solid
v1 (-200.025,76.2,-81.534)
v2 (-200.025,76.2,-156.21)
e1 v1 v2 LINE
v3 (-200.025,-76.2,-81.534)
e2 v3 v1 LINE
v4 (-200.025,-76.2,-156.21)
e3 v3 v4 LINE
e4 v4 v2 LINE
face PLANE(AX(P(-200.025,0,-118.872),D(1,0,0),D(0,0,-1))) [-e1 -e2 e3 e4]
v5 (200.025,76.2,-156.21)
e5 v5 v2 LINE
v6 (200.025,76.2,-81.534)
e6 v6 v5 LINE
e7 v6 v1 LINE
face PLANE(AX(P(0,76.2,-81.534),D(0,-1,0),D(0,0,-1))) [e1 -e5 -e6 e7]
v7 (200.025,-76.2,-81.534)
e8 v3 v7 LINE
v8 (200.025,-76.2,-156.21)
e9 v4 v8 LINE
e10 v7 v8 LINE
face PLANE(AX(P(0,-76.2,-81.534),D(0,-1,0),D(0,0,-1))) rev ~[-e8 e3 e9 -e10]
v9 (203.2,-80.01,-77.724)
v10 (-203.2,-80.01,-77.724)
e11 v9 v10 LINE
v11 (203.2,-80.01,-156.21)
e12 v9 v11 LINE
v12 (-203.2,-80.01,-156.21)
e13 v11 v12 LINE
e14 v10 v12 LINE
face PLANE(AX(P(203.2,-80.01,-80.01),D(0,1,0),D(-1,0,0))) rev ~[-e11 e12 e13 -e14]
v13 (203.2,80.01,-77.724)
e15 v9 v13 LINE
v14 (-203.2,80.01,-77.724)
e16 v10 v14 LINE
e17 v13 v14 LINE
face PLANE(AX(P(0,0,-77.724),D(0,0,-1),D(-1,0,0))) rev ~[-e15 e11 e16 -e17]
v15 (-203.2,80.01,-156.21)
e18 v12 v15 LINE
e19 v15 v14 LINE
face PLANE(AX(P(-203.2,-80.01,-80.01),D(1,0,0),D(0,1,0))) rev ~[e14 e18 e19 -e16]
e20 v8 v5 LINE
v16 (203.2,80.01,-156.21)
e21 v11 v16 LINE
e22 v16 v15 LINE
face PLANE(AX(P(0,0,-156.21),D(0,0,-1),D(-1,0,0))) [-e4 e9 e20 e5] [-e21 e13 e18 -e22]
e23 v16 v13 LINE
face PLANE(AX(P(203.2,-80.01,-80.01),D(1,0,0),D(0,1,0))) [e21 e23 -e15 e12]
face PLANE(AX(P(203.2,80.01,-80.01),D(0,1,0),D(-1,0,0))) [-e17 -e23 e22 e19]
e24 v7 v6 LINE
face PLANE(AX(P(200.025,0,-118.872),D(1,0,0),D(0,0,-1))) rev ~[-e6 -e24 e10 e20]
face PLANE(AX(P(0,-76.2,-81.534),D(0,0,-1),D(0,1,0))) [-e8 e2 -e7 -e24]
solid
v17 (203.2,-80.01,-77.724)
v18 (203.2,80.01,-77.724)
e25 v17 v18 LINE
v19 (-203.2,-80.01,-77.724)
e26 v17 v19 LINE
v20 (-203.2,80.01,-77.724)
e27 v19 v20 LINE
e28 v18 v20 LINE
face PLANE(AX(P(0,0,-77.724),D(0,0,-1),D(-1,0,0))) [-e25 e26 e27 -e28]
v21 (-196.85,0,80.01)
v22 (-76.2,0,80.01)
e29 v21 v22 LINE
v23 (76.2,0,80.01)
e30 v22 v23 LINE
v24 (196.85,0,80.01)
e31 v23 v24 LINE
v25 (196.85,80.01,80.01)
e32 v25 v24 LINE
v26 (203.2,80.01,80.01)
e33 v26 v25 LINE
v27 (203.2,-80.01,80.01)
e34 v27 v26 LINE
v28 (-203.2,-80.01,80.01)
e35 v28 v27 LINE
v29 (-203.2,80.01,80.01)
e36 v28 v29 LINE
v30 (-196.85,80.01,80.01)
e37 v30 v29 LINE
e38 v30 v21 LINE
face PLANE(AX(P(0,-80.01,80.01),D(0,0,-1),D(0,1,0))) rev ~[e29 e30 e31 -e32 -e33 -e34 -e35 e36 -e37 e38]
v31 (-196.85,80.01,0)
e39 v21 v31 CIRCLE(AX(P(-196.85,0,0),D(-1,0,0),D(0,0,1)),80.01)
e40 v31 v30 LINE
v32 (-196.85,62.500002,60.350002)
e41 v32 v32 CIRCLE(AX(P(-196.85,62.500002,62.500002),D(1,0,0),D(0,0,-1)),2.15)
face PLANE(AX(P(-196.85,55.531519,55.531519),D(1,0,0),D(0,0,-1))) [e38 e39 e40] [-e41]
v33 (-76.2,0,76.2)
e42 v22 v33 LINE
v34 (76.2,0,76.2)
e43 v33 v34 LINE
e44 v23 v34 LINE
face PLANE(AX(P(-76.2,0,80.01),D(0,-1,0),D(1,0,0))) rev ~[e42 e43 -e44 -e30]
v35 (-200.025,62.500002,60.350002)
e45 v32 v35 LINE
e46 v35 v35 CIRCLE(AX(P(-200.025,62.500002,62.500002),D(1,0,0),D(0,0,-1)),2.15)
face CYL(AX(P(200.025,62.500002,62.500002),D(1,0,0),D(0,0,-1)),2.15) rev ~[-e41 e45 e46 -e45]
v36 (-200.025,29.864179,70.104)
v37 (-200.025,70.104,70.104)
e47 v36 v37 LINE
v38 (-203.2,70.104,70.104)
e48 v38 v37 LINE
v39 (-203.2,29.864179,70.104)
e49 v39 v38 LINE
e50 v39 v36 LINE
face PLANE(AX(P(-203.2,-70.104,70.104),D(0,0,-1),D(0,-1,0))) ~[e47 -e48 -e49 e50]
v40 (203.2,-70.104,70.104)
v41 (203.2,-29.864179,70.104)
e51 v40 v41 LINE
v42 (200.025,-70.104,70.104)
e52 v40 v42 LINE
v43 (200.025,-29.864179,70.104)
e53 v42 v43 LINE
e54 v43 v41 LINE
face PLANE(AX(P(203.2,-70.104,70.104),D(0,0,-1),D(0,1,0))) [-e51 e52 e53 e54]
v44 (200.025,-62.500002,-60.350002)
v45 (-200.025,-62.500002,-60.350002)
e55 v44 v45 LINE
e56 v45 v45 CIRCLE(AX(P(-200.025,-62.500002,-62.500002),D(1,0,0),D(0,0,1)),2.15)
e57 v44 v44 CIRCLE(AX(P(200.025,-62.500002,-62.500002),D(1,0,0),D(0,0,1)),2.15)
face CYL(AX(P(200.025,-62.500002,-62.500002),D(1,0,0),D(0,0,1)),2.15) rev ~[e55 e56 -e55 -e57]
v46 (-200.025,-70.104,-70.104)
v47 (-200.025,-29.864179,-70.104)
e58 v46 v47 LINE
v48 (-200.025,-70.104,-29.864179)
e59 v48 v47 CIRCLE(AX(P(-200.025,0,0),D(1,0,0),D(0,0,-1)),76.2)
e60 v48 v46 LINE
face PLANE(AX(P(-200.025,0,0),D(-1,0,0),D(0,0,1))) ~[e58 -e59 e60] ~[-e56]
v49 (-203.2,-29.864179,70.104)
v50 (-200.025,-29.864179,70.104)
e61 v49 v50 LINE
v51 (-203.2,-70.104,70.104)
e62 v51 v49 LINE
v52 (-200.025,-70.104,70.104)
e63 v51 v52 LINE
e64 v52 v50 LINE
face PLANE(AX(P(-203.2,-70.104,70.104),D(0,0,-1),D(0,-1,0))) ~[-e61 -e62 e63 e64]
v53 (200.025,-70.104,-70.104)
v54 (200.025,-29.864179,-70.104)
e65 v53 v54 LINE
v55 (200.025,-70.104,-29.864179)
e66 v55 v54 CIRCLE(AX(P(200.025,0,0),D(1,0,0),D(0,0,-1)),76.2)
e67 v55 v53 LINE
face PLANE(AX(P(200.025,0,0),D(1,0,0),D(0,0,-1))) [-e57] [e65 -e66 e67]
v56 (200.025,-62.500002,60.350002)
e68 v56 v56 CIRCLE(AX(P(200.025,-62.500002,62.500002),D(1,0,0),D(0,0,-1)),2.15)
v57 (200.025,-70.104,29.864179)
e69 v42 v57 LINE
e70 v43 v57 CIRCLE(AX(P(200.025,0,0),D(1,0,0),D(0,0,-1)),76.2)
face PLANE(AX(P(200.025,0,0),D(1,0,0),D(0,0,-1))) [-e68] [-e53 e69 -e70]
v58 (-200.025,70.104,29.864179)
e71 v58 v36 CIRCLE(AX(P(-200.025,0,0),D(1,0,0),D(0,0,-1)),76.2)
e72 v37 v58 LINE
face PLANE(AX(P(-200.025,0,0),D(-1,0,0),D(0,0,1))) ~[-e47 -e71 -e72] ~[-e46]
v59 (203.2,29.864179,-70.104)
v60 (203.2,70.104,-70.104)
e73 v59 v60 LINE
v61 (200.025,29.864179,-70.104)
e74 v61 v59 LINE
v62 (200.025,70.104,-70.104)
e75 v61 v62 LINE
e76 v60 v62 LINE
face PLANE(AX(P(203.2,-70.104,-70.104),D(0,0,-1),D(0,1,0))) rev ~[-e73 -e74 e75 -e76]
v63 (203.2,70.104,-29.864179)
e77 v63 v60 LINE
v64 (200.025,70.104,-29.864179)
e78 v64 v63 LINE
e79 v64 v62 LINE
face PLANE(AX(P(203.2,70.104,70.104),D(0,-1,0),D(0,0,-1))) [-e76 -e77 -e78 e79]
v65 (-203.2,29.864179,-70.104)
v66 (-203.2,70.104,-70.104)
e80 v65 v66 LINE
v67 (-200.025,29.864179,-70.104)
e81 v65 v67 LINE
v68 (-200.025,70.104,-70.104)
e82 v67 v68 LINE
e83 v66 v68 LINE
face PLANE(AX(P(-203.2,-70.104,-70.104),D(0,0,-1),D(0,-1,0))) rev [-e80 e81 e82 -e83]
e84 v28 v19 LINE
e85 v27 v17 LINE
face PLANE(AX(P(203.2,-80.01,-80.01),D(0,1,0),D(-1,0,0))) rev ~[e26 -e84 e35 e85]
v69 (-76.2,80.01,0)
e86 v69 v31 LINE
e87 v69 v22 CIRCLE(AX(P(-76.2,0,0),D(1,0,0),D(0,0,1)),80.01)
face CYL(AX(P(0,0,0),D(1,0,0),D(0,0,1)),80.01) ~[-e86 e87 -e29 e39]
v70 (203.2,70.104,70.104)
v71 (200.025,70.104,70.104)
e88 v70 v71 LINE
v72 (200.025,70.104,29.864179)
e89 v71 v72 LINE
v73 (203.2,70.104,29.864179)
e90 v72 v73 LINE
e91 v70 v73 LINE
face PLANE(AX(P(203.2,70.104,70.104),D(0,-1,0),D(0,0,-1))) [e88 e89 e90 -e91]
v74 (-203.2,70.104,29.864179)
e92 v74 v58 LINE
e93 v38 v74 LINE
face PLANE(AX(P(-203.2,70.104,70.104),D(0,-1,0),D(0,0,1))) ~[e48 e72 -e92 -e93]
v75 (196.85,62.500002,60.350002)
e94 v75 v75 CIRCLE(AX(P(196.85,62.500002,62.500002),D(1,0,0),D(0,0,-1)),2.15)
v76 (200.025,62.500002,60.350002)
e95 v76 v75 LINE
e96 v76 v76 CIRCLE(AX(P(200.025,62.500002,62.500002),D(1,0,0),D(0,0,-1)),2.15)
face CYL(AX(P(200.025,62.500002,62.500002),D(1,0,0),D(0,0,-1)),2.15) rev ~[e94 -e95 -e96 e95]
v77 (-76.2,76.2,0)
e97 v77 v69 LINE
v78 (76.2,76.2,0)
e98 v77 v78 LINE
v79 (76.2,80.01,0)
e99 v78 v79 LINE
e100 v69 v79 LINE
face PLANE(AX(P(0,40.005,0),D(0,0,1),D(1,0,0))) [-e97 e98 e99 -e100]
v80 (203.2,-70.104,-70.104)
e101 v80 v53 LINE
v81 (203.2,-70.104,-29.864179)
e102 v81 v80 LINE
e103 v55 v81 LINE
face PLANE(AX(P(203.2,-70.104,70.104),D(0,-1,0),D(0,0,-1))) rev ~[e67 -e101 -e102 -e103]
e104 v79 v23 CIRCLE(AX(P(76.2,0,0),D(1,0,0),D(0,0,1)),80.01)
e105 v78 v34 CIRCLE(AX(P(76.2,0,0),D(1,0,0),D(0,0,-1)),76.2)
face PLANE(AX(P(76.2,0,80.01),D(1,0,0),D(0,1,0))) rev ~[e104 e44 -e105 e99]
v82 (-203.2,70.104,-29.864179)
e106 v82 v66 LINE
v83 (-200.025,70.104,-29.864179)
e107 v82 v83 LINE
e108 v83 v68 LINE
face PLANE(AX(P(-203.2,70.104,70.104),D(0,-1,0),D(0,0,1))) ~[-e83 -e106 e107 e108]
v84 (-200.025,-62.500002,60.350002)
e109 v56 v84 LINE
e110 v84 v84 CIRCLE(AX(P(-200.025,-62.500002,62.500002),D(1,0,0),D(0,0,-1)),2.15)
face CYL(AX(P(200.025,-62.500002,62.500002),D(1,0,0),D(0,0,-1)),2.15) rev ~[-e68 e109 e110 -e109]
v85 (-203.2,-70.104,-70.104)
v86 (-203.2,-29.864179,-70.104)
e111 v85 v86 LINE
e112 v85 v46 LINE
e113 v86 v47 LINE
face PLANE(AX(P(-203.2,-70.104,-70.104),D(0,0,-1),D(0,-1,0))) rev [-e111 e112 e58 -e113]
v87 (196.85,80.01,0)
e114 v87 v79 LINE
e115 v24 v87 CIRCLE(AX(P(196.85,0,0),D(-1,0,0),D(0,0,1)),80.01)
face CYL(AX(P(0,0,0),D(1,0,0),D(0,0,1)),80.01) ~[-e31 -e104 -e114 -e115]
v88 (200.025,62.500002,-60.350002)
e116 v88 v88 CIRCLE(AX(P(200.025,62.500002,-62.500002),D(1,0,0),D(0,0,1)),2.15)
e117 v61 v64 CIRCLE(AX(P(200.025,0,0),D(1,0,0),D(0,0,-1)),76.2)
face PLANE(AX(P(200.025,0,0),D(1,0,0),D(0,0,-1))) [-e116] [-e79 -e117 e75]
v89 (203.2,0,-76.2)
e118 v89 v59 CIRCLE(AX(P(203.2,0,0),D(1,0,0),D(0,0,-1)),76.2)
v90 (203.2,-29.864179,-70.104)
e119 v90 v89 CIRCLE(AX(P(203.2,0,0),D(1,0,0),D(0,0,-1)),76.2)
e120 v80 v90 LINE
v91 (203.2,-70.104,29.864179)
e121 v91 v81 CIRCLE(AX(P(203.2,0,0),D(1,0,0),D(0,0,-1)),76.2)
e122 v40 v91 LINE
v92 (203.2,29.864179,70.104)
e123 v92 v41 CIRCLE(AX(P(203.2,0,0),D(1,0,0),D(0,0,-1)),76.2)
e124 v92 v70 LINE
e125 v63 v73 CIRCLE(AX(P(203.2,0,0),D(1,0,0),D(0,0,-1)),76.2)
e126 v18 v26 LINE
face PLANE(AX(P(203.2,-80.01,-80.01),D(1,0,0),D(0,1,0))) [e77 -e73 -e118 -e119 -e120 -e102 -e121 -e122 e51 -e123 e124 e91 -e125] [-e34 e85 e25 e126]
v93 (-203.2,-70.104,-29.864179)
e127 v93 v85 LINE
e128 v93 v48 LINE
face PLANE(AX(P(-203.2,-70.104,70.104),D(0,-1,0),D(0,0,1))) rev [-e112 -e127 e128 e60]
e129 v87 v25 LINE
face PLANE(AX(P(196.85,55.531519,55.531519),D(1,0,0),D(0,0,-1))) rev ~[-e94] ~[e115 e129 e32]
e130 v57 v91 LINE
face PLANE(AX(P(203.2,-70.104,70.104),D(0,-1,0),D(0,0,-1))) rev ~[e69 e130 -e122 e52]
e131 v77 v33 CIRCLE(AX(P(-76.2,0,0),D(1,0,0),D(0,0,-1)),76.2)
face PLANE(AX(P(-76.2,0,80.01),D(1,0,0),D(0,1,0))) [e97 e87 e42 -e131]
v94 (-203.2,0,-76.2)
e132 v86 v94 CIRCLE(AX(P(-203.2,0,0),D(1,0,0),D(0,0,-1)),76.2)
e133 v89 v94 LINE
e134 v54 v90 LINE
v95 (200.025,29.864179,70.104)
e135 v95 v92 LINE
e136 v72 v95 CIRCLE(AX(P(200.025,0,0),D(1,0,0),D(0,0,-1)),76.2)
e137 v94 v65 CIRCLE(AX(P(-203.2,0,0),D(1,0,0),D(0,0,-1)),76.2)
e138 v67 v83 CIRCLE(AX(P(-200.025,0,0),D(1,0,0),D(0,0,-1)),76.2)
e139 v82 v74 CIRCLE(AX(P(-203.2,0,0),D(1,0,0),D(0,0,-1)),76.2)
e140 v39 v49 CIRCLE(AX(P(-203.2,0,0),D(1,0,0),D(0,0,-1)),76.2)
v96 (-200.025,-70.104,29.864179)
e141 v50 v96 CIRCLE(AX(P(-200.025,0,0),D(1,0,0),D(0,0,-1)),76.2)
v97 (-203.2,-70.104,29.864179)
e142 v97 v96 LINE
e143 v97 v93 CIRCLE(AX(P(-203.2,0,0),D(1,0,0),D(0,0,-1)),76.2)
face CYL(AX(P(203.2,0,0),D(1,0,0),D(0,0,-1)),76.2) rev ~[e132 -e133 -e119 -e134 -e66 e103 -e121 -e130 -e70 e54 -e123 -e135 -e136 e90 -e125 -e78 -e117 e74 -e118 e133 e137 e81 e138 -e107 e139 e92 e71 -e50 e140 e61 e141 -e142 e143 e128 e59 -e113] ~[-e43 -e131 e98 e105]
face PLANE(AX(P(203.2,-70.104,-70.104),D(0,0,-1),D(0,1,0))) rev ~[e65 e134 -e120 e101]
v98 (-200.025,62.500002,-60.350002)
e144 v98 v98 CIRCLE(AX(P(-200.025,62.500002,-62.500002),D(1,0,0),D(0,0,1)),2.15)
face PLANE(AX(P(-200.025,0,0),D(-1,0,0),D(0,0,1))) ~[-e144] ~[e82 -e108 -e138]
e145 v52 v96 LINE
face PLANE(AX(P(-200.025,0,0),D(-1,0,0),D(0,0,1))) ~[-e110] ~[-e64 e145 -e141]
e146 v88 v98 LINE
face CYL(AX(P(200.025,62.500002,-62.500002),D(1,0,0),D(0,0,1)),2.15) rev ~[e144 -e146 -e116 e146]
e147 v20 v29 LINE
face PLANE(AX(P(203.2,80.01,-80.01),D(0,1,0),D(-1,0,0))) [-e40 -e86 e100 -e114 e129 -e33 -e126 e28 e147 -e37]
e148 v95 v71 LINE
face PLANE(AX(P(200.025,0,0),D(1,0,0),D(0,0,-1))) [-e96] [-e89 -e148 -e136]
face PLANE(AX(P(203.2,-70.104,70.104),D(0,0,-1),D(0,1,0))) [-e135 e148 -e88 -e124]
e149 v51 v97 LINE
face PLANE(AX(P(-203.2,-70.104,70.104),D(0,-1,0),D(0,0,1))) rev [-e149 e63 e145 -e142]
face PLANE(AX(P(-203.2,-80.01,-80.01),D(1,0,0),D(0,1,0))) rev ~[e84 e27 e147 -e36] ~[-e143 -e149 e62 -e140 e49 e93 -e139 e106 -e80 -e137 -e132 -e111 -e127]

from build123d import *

# Parameters (mm, degrees)
SKETCH7_W           = 160.02
SKETCH7_H           = 160.02
BOSS_EXTRUDE4_DEPTH = 203.2
CUT_EXTRUDE3_DEPTH  = 196.85
SKETCH9_R           = 76.2
CUT_EXTRUDE4_DEPTH  = 422.85798582
SKETCH10_W          = 140.208
SKETCH10_H          = 140.208
CUT_EXTRUDE5_DEPTH  = 3.175
SKETCH11_W          = 152.4
SKETCH11_H          = 80.01
CUT_EXTRUDE6_DEPTH  = 80.01
SKETCH13_W          = 406.4
SKETCH13_H          = 160.02
BOSS_EXTRUDE6_DEPTH = 76.2
SKETCH15_W          = 74.676
SKETCH15_H          = 152.4
CUT_EXTRUDE7_DEPTH  = 200.025
SKETCH16_R          = 2.14999951
CUT_EXTRUDE8_DEPTH  = 440.765352006


with BuildPart() as part:
    # Sketch7 → Boss-Extrude4 (new, symmetric)
    with BuildSketch(Plane(origin=(0, 0, 0), x_dir=(0, 0, -1), z_dir=(1, 0, 0))):
        Rectangle(SKETCH7_W, SKETCH7_H)
    extrude(amount=BOSS_EXTRUDE4_DEPTH, both=True)

    # Sketch8 → Cut-Extrude3 (cut, symmetric)
    with BuildSketch(Plane(origin=(0, 0, 0), x_dir=(0, 0, -1), z_dir=(1, 0, 0))):
        with BuildLine():
            Line((-80.01, 80.01), (-80.01, 0))
            ThreePointArc((-80.01, 0), (-56.575613563, 56.575613563), (0, 80.01))
            Line((0, 80.01), (-80.01, 80.01))
        make_face()
    extrude(amount=CUT_EXTRUDE3_DEPTH, both=True, mode=Mode.SUBTRACT)

    # Sketch9 → Cut-Extrude4 (cut, through all)
    with BuildSketch(Plane(origin=(203.2, 0, 0), x_dir=(0, 0, -1), z_dir=(1, 0, 0))):
        Circle(SKETCH9_R)
    extrude(amount=-CUT_EXTRUDE4_DEPTH, mode=Mode.SUBTRACT)

    # Sketch10 → Cut-Extrude5 (cut)
    with BuildSketch(Plane(origin=(203.2, 0, 0), x_dir=(0, 0, -1), z_dir=(1, 0, 0))):
        Rectangle(SKETCH10_W, SKETCH10_H)
    cut_extrude5 = extrude(amount=-CUT_EXTRUDE5_DEPTH, mode=Mode.SUBTRACT)

    # Sketch11 → Cut-Extrude6 (cut)
    with BuildSketch(Plane.XY.offset(80.01)):
        with Locations((0, 40.005)):
            Rectangle(SKETCH11_W, SKETCH11_H)
    extrude(amount=-CUT_EXTRUDE6_DEPTH, mode=Mode.SUBTRACT)

    # Mirror1: Cut-Extrude5 across plane
    add(cut_extrude5.mirror(Plane(origin=(0, 0, 0), x_dir=(0, 0, 1), z_dir=(1, 0, 0))), mode=Mode.SUBTRACT)

    # Sketch13 → Boss-Extrude6 (add)
    with BuildSketch(Plane(origin=(0, 0, -80.01), x_dir=(-1, 0, 0), z_dir=(0, 0, -1))):
        Rectangle(SKETCH13_W, SKETCH13_H)
    extrude(amount=BOSS_EXTRUDE6_DEPTH)

    # Sketch15 → Cut-Extrude7 (cut, symmetric)
    with BuildSketch(Plane(origin=(0, 0, 0), x_dir=(0, 0, -1), z_dir=(1, 0, 0))):
        with Locations((118.872, 0)):
            Rectangle(SKETCH15_W, SKETCH15_H)
    extrude(amount=CUT_EXTRUDE7_DEPTH, both=True, mode=Mode.SUBTRACT)

    # Sketch16 → Cut-Extrude8 (cut, through all)
    with BuildSketch(Plane(origin=(200.025, 0, 0), x_dir=(0, 0, -1), z_dir=(1, 0, 0))):
        with Locations((-62.500002, 62.500002)):
            Circle(SKETCH16_R)
        with Locations(Location((62.500002, 62.500002, 0), (0, 0, 180))):
            Circle(SKETCH16_R)
        with Locations((-62.500002, -62.500002)):
            Circle(SKETCH16_R)
        with Locations(Location((62.500002, -62.500002, 0), (0, 0, 180))):
            Circle(SKETCH16_R)
    extrude(amount=-CUT_EXTRUDE8_DEPTH, mode=Mode.SUBTRACT)


with BuildPart() as body_2:
    # Split1: the piece on the far side of the plane
    add(part.part)
    split(bisect_by=Plane(origin=(0, 0, -77.724), x_dir=(-1, 0, 0), z_dir=(0, 0, -1)), keep=Keep.BOTTOM)


with BuildPart() as part_1:
    add(part.part)

    # Split1
    split(bisect_by=Plane(origin=(0, 0, -77.724), x_dir=(-1, 0, 0), z_dir=(0, 0, -1)), keep=Keep.TOP)


solid = Compound([body_2.part, part_1.part])
